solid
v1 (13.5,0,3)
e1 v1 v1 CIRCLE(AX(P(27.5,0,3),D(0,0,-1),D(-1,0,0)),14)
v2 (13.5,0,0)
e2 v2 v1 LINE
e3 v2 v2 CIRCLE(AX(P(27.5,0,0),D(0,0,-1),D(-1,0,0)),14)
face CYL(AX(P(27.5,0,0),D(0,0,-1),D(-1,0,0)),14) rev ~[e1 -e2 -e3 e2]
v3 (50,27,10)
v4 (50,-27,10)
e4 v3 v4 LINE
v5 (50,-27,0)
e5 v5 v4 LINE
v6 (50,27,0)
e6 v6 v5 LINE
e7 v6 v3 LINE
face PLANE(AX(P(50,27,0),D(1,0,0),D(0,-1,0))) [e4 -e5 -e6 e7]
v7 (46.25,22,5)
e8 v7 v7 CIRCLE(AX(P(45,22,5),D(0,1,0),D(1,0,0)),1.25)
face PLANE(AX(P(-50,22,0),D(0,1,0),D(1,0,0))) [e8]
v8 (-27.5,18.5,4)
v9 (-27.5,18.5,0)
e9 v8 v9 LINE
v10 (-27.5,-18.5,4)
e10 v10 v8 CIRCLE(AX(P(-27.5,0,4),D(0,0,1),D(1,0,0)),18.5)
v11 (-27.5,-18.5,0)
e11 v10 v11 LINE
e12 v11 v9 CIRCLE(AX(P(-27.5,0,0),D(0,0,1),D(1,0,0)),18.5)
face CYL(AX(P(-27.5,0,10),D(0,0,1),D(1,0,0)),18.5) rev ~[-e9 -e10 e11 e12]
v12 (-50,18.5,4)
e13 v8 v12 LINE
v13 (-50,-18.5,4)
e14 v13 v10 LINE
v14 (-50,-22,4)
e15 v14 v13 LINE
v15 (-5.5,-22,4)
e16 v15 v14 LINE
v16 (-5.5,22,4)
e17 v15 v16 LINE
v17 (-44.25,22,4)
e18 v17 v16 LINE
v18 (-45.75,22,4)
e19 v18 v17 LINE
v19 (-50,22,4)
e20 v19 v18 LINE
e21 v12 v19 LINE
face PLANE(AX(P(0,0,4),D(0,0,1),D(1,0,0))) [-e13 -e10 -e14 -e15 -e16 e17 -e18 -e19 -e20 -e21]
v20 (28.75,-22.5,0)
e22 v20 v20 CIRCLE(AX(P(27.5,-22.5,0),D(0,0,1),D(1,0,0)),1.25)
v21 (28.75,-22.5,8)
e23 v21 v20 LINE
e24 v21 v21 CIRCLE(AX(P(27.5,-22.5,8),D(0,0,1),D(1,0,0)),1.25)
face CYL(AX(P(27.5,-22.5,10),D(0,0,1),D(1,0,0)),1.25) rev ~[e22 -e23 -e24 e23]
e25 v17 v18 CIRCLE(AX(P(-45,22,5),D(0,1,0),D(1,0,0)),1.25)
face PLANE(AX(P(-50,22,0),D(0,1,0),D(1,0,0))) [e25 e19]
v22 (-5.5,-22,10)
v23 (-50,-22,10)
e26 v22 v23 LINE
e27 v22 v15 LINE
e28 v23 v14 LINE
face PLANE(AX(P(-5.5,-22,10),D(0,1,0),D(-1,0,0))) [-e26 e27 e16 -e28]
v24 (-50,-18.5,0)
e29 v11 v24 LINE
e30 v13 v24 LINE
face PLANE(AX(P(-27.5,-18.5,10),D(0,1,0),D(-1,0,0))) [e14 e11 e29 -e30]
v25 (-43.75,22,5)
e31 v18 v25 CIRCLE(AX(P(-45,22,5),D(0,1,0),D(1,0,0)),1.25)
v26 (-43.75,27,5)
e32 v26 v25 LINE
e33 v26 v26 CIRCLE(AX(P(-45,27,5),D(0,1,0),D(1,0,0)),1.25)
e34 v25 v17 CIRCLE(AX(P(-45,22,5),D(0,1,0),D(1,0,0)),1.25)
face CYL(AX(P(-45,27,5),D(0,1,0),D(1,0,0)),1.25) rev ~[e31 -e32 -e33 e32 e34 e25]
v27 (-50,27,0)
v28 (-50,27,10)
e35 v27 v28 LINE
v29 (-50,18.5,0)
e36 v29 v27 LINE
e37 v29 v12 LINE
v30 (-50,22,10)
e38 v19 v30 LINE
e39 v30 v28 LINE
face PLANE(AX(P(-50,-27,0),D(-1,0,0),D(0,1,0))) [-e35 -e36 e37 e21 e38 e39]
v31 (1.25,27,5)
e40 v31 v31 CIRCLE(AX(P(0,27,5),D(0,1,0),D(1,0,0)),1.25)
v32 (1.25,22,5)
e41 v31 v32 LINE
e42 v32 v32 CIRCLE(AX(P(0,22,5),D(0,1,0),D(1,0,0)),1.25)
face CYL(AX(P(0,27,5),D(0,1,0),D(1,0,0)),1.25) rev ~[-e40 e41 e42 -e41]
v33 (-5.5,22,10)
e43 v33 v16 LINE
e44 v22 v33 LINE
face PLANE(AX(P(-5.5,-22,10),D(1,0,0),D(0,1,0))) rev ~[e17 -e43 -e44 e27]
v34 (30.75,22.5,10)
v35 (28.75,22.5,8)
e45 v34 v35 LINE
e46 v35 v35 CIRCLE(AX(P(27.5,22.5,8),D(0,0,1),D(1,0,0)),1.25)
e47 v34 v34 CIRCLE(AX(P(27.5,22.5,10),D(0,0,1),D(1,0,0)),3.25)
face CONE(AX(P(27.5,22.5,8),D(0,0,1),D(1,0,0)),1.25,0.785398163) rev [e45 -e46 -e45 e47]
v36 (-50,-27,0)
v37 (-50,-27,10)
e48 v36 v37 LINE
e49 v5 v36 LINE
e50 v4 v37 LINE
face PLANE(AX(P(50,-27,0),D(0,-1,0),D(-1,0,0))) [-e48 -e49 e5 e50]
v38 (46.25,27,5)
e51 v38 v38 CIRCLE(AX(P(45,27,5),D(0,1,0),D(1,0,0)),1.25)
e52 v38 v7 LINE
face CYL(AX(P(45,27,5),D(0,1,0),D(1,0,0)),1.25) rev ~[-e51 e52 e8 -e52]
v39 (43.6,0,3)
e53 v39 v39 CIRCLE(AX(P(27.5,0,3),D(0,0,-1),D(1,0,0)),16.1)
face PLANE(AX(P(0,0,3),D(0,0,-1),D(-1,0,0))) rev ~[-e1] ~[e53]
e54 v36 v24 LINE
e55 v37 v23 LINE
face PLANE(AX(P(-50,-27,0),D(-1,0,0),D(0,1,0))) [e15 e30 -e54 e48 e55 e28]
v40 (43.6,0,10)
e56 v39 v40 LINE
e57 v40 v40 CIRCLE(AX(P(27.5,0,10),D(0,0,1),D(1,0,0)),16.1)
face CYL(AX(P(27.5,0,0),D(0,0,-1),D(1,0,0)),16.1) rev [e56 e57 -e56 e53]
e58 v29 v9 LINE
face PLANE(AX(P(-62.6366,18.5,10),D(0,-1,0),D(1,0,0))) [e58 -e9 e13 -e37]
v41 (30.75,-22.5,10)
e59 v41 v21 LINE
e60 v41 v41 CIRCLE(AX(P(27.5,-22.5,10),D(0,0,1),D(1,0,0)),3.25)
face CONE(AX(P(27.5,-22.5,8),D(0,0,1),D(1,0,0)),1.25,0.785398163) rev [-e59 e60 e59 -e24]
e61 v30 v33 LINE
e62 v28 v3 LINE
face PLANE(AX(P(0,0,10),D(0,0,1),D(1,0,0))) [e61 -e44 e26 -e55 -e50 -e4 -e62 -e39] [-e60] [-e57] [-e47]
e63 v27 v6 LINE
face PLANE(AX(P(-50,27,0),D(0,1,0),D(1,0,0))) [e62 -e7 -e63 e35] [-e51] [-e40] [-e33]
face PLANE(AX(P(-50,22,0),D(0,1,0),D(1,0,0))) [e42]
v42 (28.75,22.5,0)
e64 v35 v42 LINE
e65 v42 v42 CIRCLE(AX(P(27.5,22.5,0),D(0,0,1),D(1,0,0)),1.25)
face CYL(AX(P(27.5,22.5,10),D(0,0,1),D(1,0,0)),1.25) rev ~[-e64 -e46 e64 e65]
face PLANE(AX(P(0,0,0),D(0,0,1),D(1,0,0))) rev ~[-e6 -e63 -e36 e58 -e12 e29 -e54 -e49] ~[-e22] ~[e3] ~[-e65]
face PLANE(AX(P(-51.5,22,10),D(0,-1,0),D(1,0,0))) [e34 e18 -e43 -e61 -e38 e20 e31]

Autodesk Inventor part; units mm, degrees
ref_plane "YZ Plane" through (0, 0, 0) normal (1, 0, 0) x (0, 1, 0)
ref_plane "XZ Plane" through (0, 0, 0) normal (0, 1, 0) x (-1, 0, 0)
ref_plane "XY Plane" through (0, 0, 0) normal (0, 0, 1) x (1, 0, 0)
sketch "Эскиз1" plane through (0, 0, 0) normal (0, 0, 1) x (1, 0, 0)
  line L0 (50, -27) -> (-50, -27)
  line L1 (-50, -27) -> (-50, 27)
  line L2 (-50, 27) -> (50, 27)
  line L3 (50, 27) -> (50, -27)
  line L4 (50, -27) -> (-50, 27) construction
  line L5 (-50, -27) -> (50, 27) construction
  circle A0 centre (27.5, 0) radius 16.1
  point P0 (0, 0)
  point P1 (0, 0)
  dimension "d0" = 100
  dimension "d1" = 54
  dimension "d2" = 32.2
  dimension "d3" = 22.5
extrude "Выдавливание1" add sketch "Эскиз1" along normal blind 10
sketch "Эскиз2" plane through (0, 0, 0) normal (0, 0, -1) x (-1, 0, 0)
  circle A0 centre (-27.5, 0) radius 16.1 projected
  circle A1 centre (-27.5, 0) radius 14
  point P0 (0, 0)
  dimension "d6" = 28
extrude "Выдавливание2" add sketch "Эскиз2" against normal blind 3
sketch "Эскиз3" plane through (0, 0, 10) normal (0, 0, 1) x (1, 0, 0)
  line L0 (-5.5, -22) -> (-5.5, 22) projected
  circle A0 centre (-27.5, 0) radius 18.5
  line L1 (-27.5, -18.5) -> (-62.6366, -18.5)
  line L2 (-62.6366, -18.5) -> (-62.6366, 18.5)
  line L3 (-62.6366, 18.5) -> (-27.5, 18.5)
  point P0 (0, 0)
  dimension "d9" = 37
  dimension "d10" = 22
extrude "Выдавливание3" cut sketch "Эскиз3" against normal blind 28.4
sketch "Эскиз4" plane through (0, 0, 10) normal (0, 0, 1) x (1, 0, 0)
  line L0 (-5.5, -22) -> (-5.5, 22) projected
  line L1 (-51.5, 22) -> (-5.5, 22)
  line L2 (-5.5, 22) -> (-5.5, -22)
  line L3 (-5.5, -22) -> (-51.5, -22)
  line L4 (-51.5, -22) -> (-51.5, 22)
  line L5 (-51.5, 22) -> (-5.5, -22) construction
  line L6 (-5.5, 22) -> (-51.5, -22) construction
  point P0 (0, 0)
  point P1 (-28.5, 0)
  dimension "d13" = 46
  dimension "d14" = 44
extrude "Выдавливание4" cut sketch "Эскиз4" against normal blind 6
sketch "Эскиз6" plane through (-50, 27, 0) normal (0, 1, 0) x (1, 0, 0)
  circle A0 centre (95, -5) radius 1.25
  circle A1 centre (50, -5) radius 1.25
  circle A2 centre (5, -5) radius 1.25
  line L0 (100, 0) -> (100, -10) projected
  line L1 (0, 0) -> (0, -10) projected
  line L2 (0, 0) -> (100, 0) projected
  point P0 (50, 0)
  point P1 (100, -5)
  point P2 (50, 0)
  dimension "d22" = 2.5
  dimension "d23" = 2.5
  dimension "d24" = 2.5
  dimension "d25" = 5
  dimension "d26" = 5
extrude "Выдавливание6" cut sketch "Эскиз6" against normal up to surface (5 mm away)
sketch "Эскиз7" plane through (0, 0, 10) normal (0, 0, 1) x (1, 0, 0)
  circle A0 centre (27.5, 22.5) radius 1.25
  circle A1 centre (27.5, -22.5) radius 1.25
  circle A2 centre (27.5, 0) radius 16.1 projected
  point P0 (27.5, 0)
  dimension "d40" = 2.5
  dimension "d41" = 2.5
  dimension "d42" = 22.5
  dimension "d43" = 22.5
extrude "Выдавливание7" cut sketch "Эскиз7" against normal blind 10 contours A0 | A1
chamfer "Фаска3" distance 2 angle 45 2 edges at (26.25, -22.5, 10) (26.25, 22.5, 10)
equation "\"d22\" = d23"
equation "\"d23\" = d24"
properties part number "крепление подшипникового блока левая часть"
